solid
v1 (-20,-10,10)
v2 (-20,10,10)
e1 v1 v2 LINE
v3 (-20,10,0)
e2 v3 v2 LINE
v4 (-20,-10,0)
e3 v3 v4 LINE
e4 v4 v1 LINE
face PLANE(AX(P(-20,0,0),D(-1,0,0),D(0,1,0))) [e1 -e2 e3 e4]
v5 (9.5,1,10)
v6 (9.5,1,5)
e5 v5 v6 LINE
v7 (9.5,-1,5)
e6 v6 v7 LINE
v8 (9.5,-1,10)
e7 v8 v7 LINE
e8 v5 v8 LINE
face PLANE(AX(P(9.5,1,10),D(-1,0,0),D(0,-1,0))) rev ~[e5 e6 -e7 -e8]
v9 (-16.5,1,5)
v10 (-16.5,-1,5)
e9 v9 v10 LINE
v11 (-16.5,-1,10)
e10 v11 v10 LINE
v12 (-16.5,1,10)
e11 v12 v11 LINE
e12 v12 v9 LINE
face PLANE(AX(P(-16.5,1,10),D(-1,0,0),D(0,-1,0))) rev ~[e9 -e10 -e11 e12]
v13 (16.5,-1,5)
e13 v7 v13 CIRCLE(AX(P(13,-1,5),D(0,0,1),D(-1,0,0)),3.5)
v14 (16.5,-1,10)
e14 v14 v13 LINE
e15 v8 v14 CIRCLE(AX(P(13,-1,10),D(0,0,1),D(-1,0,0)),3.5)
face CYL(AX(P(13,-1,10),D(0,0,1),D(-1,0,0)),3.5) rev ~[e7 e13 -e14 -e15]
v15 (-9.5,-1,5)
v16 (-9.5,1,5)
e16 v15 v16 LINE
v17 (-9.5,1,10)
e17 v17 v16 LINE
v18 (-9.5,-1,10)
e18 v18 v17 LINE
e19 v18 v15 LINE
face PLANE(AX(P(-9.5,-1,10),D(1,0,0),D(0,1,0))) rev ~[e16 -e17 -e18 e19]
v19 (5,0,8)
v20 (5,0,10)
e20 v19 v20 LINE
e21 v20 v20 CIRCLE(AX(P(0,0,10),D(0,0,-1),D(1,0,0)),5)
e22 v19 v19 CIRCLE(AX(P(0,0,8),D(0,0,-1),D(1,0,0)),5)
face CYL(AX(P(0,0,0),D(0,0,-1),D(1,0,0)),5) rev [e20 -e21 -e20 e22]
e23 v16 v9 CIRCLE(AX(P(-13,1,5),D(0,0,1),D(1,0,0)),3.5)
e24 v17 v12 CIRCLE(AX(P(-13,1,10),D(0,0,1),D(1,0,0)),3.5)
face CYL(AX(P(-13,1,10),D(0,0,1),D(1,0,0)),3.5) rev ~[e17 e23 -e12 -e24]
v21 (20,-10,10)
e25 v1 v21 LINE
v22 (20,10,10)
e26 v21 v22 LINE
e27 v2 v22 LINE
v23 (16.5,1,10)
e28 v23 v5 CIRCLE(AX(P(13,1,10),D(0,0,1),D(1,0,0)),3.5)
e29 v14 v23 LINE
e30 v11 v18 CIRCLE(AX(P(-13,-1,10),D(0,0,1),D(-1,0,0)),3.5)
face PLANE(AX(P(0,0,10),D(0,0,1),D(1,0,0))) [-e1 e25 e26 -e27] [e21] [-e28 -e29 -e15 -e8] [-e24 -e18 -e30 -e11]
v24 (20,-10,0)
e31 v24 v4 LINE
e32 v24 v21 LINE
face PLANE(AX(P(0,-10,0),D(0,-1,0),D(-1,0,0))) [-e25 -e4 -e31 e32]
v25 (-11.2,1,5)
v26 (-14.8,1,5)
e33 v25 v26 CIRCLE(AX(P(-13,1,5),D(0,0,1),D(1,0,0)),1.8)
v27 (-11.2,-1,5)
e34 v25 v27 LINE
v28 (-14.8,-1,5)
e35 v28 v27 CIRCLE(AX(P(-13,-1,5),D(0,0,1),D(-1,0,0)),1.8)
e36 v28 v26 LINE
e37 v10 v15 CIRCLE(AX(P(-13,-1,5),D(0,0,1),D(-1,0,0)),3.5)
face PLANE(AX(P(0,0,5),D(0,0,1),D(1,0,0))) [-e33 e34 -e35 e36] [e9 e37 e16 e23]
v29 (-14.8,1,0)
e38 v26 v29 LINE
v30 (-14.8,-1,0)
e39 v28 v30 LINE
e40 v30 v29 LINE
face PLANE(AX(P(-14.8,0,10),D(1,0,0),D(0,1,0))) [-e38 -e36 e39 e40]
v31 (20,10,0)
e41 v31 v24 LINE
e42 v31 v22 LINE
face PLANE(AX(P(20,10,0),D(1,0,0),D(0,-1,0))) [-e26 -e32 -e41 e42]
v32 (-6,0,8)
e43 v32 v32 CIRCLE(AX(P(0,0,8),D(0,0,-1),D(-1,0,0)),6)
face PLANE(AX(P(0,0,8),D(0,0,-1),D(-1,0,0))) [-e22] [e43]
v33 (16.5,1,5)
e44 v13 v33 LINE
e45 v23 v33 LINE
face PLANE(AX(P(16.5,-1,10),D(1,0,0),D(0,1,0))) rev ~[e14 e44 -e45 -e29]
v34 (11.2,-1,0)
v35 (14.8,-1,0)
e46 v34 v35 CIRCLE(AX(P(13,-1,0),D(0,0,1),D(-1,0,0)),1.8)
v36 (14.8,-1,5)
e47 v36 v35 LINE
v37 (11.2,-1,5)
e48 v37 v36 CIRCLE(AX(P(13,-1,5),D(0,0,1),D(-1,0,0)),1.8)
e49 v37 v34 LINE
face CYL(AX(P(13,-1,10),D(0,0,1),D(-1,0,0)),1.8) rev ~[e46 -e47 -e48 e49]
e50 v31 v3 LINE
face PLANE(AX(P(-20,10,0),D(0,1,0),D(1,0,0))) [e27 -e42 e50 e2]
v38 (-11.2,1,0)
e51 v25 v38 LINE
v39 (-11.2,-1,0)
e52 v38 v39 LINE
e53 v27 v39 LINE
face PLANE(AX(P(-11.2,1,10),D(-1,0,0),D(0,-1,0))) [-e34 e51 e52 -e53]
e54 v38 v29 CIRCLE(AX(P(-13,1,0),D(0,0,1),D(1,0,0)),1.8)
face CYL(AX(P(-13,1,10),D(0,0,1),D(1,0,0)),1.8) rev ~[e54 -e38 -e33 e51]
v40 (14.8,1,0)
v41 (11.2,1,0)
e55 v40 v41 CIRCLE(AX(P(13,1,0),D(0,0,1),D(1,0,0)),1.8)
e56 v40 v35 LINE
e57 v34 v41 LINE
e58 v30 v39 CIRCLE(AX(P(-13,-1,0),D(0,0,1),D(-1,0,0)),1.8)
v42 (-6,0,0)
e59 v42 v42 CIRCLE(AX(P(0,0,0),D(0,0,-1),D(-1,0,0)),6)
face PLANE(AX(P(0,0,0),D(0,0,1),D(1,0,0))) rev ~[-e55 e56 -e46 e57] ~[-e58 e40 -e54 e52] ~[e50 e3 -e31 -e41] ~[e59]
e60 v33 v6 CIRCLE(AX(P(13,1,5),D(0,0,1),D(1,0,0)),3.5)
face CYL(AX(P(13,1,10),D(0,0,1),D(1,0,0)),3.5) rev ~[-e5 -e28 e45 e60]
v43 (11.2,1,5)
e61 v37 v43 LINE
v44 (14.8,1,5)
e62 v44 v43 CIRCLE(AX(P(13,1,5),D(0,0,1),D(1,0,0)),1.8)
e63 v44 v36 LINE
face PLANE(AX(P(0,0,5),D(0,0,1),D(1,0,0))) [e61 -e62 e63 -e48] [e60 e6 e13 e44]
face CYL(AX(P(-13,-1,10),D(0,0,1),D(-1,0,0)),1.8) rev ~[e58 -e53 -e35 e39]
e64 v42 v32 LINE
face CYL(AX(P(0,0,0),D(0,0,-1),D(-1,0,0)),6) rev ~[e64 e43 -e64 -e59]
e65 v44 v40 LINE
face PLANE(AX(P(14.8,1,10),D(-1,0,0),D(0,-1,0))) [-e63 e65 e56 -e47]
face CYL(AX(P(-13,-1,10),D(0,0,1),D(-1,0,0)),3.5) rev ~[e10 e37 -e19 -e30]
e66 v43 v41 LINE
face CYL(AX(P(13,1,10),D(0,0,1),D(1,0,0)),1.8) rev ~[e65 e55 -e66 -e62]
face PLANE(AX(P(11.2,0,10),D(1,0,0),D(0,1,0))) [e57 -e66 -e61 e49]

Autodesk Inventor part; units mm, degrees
ref_plane "YZ Plane" through (0, 0, 0) normal (1, 0, 0) x (0, 1, 0)
ref_plane "XZ Plane" through (0, 0, 0) normal (0, 1, 0) x (-1, 0, 0)
ref_plane "XY Plane" through (0, 0, 0) normal (0, 0, 1) x (1, 0, 0)
sketch "Skizze1" plane through (0, 0, 0) normal (0, 0, 1) x (1, 0, 0)
  line L0 (-20, 10) -> (20, 10)
  line L1 (20, 10) -> (20, -10)
  line L2 (20, -10) -> (-20, -10)
  line L3 (-20, -10) -> (-20, 10)
  line L4 (-28, 0) -> (28, 0) projected
  line L5 (0, -14) -> (0, 14) projected
  circle A0 centre (0, 0) radius 5
  dimension "d0" = 40
  dimension "d1" = 20
  dimension "d2" = 10
extrude "Extrusion1" add sketch "Skizze1" along normal blind 10 contours L0 L5 A0 L4 L3 | L0 L1 L4 A0 L5 | L4 A0 L5 L2 L3 | L1 L2 L5 A0 L4
sketch "Skizze2" plane through (0, 0, 0) normal (0, 0, -1) x (-1, 0, 0)
  circle A0 centre (0, 0) radius 5 projected
  circle A1 centre (0, 0) radius 6
  dimension "d5" = 12
extrude "Extrusion2" cut sketch "Skizze2" against normal blind 8
sketch "Skizze3" plane through (0, 0, 10) normal (0, 0, 1) x (1, 0, 0)
  line L0 (-20, 10) -> (20, 10) projected
  line L1 (20, -10) -> (-20, -10) projected
  line L2 (-13, 10) -> (-13, -10)
  line L3 (13, -10) -> (13, 10)
  line L4 (-11.2, 1) -> (-11.2, -1)
  line L5 (-14.8, -1) -> (-14.8, 1)
  line L6 (14.8, 1) -> (14.8, -1)
  line L7 (11.2, -1) -> (11.2, 1)
  line L8 (-28, 0) -> (28, 0) projected
  line L9 (0, -14) -> (0, 14) projected
  arc A0 (-11.2, 1) -> (-14.8, 1) centre (-13, 1) ccw
  arc A1 (-14.8, -1) -> (-11.2, -1) centre (-13, -1) ccw
  arc A2 (11.2, -1) -> (14.8, -1) centre (13, -1) ccw
  arc A3 (14.8, 1) -> (11.2, 1) centre (13, 1) ccw
  dimension "d8" = 26
  dimension "d9" = 3.6
  dimension "d11" = 2
extrude "Extrusion3" cut sketch "Skizze3" against normal through all contours A0 L4 L8 L2 | L2 L8 L5 A0 | L8 L4 A1 L2 | L2 A1 L5 L8 | A3 L6 L8 L3 | L3 L8 L7 A3 | L8 L3 A2 L7 | L8 L6 A2 L3
sketch "Skizze4" plane through (0, 0, 10) normal (0, 0, 1) x (1, 0, 0)
  arc A0 (-14.8, -1) -> (-11.2, -1) centre (-13, -1) ccw projected
  line L0 (-14.8, -1) -> (-14.8, 1) projected
  arc A1 (-11.2, 1) -> (-14.8, 1) centre (-13, 1) ccw projected
  line L1 (-11.2, 1) -> (-11.2, -1) projected
  arc A2 (11.2, -1) -> (14.8, -1) centre (13, -1) ccw projected
  line L2 (11.2, -1) -> (11.2, 1) projected
  arc A3 (14.8, 1) -> (11.2, 1) centre (13, 1) ccw projected
  line L3 (14.8, 1) -> (14.8, -1) projected
  line L4 (-16.5, 1) -> (-16.5, -1)
  arc A4 (-16.5, -1) -> (-9.5, -1) centre (-13, -1) ccw
  line L5 (-9.5, -1) -> (-9.5, 1)
  arc A5 (-9.5, 1) -> (-16.5, 1) centre (-13, 1) ccw
  line L6 (9.5, 1) -> (9.5, -1)
  arc A6 (9.5, -1) -> (16.5, -1) centre (13, -1) ccw
  line L7 (16.5, -1) -> (16.5, 1)
  arc A7 (16.5, 1) -> (9.5, 1) centre (13, 1) ccw
  dimension "d14" = 7
extrude "Extrusion4" cut sketch "Skizze4" against normal blind 5
properties part number "13_0204_057"
